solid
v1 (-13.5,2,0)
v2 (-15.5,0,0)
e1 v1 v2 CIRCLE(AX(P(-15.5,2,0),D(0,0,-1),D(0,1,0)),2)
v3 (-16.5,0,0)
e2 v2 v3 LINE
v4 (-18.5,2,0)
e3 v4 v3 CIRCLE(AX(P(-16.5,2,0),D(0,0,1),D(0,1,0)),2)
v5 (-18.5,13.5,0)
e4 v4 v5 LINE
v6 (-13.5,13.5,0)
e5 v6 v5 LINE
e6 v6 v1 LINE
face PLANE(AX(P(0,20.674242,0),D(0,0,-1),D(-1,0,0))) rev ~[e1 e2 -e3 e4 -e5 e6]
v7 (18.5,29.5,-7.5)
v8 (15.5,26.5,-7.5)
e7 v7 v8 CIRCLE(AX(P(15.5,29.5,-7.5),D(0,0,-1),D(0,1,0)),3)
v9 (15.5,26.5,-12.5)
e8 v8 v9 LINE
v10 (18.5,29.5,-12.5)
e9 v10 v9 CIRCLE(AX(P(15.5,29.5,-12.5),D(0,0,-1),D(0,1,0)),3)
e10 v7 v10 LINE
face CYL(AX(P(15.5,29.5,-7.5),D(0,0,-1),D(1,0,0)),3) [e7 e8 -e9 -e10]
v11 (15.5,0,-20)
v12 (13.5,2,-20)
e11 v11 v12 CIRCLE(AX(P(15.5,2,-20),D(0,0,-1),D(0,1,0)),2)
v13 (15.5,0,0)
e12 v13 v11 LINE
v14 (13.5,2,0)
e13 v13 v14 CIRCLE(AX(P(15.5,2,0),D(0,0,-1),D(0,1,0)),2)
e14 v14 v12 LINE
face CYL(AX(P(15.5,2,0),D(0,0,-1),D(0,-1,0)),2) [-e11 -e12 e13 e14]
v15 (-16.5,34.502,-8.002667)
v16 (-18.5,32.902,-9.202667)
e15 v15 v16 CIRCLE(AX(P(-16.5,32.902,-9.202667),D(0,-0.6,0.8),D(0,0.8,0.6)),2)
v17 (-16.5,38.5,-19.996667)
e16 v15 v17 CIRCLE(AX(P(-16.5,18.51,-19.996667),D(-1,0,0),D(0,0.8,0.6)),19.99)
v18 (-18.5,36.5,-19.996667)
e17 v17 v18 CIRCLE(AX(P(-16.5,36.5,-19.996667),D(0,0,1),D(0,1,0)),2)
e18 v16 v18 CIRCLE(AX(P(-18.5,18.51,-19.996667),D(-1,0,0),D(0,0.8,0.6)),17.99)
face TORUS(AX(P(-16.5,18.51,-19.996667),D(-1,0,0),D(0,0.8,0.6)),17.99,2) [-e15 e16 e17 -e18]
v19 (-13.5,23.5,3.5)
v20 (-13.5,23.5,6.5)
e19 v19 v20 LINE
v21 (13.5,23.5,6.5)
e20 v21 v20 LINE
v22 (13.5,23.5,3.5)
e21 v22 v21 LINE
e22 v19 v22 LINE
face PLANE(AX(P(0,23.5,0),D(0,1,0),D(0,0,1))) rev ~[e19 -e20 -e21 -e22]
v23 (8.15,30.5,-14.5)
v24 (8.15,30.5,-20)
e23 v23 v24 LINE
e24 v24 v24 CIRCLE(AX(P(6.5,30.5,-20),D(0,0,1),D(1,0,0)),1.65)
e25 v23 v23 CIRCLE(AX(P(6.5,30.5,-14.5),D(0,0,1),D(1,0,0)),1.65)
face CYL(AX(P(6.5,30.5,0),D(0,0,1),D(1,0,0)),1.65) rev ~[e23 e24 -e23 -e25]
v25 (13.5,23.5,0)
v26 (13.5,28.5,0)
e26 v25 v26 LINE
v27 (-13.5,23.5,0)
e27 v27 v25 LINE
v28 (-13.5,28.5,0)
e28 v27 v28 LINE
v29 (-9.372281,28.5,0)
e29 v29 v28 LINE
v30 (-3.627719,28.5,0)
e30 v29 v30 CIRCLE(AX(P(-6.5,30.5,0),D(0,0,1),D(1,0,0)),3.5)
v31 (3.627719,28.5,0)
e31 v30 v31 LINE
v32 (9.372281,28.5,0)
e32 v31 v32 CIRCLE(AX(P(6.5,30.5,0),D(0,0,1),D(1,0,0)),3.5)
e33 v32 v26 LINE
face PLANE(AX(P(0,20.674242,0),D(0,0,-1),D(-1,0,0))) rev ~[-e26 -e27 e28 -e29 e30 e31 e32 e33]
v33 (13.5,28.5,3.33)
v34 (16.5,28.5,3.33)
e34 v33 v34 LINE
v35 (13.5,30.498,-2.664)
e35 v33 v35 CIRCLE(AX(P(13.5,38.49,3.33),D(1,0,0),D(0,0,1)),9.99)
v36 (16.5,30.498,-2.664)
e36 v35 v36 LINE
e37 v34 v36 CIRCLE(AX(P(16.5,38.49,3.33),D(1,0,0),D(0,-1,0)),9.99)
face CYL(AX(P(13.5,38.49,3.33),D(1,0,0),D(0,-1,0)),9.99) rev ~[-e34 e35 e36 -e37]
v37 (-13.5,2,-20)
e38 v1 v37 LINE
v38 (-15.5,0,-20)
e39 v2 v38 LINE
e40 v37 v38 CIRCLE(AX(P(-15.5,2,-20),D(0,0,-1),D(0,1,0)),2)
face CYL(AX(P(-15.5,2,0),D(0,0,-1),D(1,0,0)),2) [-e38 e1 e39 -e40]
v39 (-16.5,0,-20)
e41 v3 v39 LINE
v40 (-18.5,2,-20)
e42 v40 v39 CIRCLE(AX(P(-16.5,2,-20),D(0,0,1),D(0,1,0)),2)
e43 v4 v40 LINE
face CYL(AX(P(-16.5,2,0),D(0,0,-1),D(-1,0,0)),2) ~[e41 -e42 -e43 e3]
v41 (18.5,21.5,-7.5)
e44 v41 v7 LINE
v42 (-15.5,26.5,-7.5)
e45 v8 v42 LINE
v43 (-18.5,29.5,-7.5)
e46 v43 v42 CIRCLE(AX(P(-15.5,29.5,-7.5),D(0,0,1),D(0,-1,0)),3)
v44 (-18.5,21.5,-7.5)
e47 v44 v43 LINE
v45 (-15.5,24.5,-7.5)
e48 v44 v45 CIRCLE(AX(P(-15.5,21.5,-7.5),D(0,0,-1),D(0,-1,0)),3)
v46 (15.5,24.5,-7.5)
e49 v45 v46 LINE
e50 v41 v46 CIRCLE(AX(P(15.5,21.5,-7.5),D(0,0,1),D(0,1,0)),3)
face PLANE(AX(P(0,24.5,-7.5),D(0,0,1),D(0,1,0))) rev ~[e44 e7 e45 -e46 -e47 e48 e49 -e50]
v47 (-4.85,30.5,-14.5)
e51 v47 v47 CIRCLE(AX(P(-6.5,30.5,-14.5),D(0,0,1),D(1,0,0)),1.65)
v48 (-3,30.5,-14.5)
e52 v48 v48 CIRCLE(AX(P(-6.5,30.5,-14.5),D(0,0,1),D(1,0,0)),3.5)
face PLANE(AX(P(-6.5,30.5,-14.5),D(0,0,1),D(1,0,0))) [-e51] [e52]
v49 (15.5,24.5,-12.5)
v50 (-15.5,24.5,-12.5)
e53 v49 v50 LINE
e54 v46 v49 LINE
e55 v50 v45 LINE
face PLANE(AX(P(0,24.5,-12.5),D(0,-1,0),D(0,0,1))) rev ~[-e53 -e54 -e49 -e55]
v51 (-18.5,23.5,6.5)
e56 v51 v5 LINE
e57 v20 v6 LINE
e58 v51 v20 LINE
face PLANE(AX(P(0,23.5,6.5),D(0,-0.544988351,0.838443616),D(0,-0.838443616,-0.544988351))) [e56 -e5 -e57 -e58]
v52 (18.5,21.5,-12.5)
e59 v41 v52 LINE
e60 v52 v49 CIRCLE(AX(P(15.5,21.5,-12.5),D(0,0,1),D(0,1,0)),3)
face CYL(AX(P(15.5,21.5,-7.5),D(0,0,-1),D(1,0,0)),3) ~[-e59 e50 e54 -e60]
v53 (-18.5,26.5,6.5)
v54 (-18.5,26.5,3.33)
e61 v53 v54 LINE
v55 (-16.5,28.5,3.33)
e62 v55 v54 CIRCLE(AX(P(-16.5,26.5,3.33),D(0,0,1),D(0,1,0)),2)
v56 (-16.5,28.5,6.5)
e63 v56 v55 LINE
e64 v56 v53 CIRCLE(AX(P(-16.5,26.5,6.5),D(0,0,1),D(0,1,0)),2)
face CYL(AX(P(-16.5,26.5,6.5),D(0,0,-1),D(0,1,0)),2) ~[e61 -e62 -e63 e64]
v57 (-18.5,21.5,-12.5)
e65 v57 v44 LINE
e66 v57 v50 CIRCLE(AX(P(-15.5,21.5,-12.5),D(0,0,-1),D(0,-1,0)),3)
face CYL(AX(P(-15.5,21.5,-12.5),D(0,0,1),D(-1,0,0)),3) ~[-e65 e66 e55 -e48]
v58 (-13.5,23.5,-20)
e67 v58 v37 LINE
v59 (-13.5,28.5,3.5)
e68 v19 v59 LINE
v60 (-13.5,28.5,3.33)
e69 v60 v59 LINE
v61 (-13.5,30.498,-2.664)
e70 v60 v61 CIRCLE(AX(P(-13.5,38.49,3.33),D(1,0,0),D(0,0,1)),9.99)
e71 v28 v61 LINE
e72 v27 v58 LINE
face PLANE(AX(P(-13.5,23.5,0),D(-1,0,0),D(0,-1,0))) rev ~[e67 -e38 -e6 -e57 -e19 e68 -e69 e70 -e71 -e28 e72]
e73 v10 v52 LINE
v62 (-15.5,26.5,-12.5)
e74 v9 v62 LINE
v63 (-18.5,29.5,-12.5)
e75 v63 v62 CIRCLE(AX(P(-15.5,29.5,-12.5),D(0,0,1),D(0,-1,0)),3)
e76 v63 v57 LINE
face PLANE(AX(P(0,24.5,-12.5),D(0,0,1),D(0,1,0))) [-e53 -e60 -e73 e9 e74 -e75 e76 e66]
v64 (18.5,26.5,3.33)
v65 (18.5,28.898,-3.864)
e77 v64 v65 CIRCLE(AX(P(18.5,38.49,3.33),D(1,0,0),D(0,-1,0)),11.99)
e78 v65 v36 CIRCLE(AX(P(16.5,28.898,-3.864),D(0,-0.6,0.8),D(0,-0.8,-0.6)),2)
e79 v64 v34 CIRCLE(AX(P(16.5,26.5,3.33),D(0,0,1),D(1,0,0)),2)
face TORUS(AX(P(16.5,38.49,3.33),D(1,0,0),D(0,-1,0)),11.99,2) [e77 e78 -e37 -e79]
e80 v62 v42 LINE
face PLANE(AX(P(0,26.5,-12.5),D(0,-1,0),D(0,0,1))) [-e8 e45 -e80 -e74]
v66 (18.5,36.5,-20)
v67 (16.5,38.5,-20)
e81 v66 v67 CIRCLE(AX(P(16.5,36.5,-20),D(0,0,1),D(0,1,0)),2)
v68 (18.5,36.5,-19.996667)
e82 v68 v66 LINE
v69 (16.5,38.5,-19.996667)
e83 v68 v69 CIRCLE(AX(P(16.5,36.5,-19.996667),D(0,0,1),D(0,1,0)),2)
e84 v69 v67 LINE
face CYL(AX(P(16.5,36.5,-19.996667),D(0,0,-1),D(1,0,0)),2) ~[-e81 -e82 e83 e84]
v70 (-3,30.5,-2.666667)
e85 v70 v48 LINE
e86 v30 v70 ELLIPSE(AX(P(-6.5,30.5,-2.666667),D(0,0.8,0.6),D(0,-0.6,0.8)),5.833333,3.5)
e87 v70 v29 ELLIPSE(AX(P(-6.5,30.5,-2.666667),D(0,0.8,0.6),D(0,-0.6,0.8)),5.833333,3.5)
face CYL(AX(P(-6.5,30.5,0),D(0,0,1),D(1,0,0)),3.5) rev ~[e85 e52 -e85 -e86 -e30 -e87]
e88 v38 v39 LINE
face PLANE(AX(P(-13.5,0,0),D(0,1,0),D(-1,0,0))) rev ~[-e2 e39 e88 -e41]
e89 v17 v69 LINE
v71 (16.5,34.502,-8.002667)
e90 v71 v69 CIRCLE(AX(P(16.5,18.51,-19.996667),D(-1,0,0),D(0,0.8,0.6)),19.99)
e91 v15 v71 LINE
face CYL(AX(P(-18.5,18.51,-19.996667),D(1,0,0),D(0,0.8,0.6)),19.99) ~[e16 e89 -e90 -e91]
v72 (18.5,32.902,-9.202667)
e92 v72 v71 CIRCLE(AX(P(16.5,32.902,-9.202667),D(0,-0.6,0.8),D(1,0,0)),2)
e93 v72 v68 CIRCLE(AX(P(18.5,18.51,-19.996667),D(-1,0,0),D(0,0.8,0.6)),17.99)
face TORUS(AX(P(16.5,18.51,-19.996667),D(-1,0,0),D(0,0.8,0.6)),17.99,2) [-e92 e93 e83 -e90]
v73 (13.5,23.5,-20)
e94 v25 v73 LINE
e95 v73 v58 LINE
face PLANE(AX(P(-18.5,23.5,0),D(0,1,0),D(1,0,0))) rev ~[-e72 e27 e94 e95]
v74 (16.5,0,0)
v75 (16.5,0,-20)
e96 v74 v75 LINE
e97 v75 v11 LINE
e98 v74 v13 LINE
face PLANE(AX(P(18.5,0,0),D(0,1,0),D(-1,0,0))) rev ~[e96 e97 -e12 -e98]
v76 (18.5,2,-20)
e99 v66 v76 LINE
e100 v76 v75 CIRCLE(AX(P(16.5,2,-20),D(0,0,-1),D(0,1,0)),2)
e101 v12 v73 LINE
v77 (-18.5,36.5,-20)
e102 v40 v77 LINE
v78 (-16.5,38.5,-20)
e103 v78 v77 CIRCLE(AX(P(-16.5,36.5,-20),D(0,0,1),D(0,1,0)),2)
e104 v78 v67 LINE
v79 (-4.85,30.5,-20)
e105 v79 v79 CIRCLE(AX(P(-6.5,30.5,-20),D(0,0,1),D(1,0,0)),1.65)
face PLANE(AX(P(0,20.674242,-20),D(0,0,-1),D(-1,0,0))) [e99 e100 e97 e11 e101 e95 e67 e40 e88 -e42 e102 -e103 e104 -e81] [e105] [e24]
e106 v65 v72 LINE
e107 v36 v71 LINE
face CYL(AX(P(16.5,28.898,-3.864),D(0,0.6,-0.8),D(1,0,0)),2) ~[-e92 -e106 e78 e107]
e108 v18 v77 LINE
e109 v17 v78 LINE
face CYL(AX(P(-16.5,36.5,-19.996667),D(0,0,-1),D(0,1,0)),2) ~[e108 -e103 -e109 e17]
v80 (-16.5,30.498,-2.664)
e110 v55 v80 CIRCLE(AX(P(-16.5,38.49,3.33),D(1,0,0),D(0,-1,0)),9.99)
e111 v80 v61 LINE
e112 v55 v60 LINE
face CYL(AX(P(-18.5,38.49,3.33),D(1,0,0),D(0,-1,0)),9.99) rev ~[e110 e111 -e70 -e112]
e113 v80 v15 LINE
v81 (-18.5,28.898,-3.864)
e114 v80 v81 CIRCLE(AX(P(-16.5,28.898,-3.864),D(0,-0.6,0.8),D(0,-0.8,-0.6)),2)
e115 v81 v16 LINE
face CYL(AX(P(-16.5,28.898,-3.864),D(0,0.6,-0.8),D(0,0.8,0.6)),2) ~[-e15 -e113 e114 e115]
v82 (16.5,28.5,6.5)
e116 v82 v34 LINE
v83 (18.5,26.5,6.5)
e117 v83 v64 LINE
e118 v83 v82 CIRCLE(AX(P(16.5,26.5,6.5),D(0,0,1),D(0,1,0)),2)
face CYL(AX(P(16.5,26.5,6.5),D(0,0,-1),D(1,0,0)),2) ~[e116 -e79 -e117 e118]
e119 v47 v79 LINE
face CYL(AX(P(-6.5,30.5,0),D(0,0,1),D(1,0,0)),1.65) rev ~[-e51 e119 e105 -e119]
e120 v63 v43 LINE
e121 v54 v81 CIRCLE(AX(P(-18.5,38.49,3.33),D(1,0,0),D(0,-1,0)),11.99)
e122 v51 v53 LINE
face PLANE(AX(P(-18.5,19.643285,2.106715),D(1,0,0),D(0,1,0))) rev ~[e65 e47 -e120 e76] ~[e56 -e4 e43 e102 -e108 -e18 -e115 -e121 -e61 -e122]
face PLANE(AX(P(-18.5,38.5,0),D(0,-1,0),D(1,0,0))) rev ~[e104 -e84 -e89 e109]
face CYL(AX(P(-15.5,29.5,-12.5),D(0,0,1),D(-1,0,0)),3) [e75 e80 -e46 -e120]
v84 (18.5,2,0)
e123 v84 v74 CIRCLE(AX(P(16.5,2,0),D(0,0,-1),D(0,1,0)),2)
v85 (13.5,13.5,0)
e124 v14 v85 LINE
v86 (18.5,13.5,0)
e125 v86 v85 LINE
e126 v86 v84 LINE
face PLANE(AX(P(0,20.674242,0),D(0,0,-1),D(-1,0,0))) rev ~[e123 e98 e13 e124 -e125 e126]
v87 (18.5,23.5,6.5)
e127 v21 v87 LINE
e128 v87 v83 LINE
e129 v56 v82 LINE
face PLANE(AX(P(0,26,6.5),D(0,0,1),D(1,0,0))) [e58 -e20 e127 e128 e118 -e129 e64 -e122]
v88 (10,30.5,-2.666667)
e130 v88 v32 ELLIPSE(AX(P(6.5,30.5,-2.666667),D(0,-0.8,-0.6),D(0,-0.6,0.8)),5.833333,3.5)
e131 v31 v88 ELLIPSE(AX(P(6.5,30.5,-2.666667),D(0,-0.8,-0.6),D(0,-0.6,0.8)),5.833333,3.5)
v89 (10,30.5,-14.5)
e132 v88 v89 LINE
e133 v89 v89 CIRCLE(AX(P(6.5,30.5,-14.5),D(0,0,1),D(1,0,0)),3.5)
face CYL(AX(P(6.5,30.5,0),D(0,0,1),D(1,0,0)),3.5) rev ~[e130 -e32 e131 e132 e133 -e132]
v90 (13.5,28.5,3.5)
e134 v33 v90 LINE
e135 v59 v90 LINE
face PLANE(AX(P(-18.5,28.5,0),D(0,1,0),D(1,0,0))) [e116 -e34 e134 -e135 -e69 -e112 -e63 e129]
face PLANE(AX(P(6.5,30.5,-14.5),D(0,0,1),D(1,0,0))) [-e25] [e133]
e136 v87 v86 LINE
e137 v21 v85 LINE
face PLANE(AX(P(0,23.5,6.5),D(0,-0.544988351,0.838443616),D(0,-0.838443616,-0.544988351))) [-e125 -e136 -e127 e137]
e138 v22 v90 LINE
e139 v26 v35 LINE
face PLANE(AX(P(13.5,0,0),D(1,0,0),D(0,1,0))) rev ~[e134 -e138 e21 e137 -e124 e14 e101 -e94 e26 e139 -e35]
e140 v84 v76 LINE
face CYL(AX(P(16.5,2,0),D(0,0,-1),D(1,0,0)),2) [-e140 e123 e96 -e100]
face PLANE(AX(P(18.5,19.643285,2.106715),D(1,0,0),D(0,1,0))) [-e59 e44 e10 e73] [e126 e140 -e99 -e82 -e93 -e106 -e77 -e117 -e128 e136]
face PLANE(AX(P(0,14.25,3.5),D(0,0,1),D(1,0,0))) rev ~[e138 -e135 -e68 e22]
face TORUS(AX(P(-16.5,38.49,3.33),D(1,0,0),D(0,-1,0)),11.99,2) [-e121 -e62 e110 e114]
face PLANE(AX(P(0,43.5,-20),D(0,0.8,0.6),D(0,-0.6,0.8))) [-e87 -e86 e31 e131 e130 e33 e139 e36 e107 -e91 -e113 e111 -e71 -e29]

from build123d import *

# Parameters (mm, degrees)
PAD_DEPTH            = 20
SKETCH001_W          = 37
SKETCH001_H          = 5
PAD001_DEPTH         = 6.5
SKETCH003_W          = 27
SKETCH003_H          = 28.5
POCKET001_DEPTH      = 3.5
SKETCH004_R          = 1.65
POCKET002_DEPTH      = 20.001
SKETCH005_R          = 3.5
POCKET003_DEPTH      = 14.5
POCKET004_DEPTH      = 18.501
POCKET004_DEPTH_BACK = -18.501
PAD002_DEPTH         = 18.5
POCKET_DEPTH         = 13.5
SKETCH008_W          = 2
SKETCH008_H          = 5
POCKET005_DEPTH      = 18.501
POCKET005_DEPTH_BACK = -18.501
FILLET_R             = 3
FILLET001_R          = 9.99
FILLET002_R          = 19.99
FILLET003_R          = 2


with BuildPart() as part:
    # Sketch → Pad (new body)
    with BuildSketch(Plane.XY):
        Polygon((-18.5, 0), (-18.5, 38.5), (18.5, 38.5), (18.5, 0), (13.5, 0), (13.5, 23.5), (-13.5, 23.5), (-13.5, 0), align=None)
    extrude(amount=-PAD_DEPTH)

    # Sketch001 → Pad001 (join)
    with BuildSketch(Plane.XY):
        with Locations((0, 26)):
            Rectangle(SKETCH001_W, SKETCH001_H)
    extrude(amount=PAD001_DEPTH)

    # Sketch003 → Pocket001 (cut)
    with BuildSketch(Plane.XY):
        with Locations((0, 14.25)):
            Rectangle(SKETCH003_W, SKETCH003_H)
    extrude(amount=POCKET001_DEPTH, mode=Mode.SUBTRACT)

    # Sketch004 → Pocket002 (cut, through all)
    with BuildSketch(Plane.XY):
        with Locations((-6.5, 30.5)):
            Circle(SKETCH004_R)
        with Locations((6.5, 30.5)):
            Circle(SKETCH004_R)
    extrude(amount=-POCKET002_DEPTH, mode=Mode.SUBTRACT)

    # Sketch005 → Pocket003 (cut)
    with BuildSketch(Plane.XY):
        with Locations((-6.5, 30.5)):
            Circle(SKETCH005_R)
        with Locations((6.5, 30.5)):
            Circle(SKETCH005_R)
    extrude(amount=-POCKET003_DEPTH, mode=Mode.SUBTRACT)

    # Sketch006 → Pocket004 (cut, two sides)
    with BuildSketch(Plane.YZ) as pocket004_sk:
        Polygon((28.5, 0), (43.5, 0), (43.5, -20), align=None)
    extrude(amount=-POCKET004_DEPTH, mode=Mode.SUBTRACT)
    extrude(pocket004_sk.sketch, amount=-POCKET004_DEPTH_BACK, mode=Mode.SUBTRACT)

    # Sketch007 → Pad002 (join, symmetric)
    with BuildSketch(Plane.YZ):
        Polygon((13.5, 0), (23.5, 0), (23.5, 6.5), align=None)
    extrude(amount=PAD002_DEPTH, both=True)

    # Sketch007 → Pocket (cut, symmetric)
    with BuildSketch(Plane.YZ):
        Polygon((13.5, 0), (23.5, 0), (23.5, 6.5), align=None)
    extrude(amount=POCKET_DEPTH, both=True, mode=Mode.SUBTRACT)

    # Sketch008 → Pocket005 (cut, two sides)
    with BuildSketch(Plane.YZ) as pocket005_sk:
        with Locations((25.5, -10)):
            Rectangle(SKETCH008_W, SKETCH008_H)
    extrude(amount=-POCKET005_DEPTH, mode=Mode.SUBTRACT)
    extrude(pocket005_sk.sketch, amount=-POCKET005_DEPTH_BACK, mode=Mode.SUBTRACT)

    # Fillet
    fillet_edges = [part.edges().sort_by_distance(p)[0] for p in [
        (18.5, 24.5, -10),
        (-18.5, 24.5, -10),
        (18.5, 26.5, -10),
        (-18.5, 26.5, -10),
    ]]
    fillet(fillet_edges, radius=FILLET_R)

    # Fillet001
    fillet001_edges = [part.edges().sort_by_distance(p)[0] for p in [
        (16, 28.5, 0),
        (-16, 28.5, 0),
    ]]
    fillet(fillet001_edges, radius=FILLET001_R)

    # Fillet002
    fillet002_edges = [part.edges().sort_by_distance(p)[0] for p in [
        (0, 38.5, -13.333333),
    ]]
    fillet(fillet002_edges, radius=FILLET002_R)

    # Fillet003
    fillet003_edges = [part.edges().sort_by_distance(p)[0] for p in [
        (18.5, 37.474179, -13.675274),
        (-18.5, 37.474179, -13.675274),
        (18.5, 0, -10),
        (13.5, 0, -10),
        (-13.5, 0, -10),
        (-18.5, 0, -10),
    ]]
    fillet(fillet003_edges, radius=FILLET003_R)


solid = part.part
